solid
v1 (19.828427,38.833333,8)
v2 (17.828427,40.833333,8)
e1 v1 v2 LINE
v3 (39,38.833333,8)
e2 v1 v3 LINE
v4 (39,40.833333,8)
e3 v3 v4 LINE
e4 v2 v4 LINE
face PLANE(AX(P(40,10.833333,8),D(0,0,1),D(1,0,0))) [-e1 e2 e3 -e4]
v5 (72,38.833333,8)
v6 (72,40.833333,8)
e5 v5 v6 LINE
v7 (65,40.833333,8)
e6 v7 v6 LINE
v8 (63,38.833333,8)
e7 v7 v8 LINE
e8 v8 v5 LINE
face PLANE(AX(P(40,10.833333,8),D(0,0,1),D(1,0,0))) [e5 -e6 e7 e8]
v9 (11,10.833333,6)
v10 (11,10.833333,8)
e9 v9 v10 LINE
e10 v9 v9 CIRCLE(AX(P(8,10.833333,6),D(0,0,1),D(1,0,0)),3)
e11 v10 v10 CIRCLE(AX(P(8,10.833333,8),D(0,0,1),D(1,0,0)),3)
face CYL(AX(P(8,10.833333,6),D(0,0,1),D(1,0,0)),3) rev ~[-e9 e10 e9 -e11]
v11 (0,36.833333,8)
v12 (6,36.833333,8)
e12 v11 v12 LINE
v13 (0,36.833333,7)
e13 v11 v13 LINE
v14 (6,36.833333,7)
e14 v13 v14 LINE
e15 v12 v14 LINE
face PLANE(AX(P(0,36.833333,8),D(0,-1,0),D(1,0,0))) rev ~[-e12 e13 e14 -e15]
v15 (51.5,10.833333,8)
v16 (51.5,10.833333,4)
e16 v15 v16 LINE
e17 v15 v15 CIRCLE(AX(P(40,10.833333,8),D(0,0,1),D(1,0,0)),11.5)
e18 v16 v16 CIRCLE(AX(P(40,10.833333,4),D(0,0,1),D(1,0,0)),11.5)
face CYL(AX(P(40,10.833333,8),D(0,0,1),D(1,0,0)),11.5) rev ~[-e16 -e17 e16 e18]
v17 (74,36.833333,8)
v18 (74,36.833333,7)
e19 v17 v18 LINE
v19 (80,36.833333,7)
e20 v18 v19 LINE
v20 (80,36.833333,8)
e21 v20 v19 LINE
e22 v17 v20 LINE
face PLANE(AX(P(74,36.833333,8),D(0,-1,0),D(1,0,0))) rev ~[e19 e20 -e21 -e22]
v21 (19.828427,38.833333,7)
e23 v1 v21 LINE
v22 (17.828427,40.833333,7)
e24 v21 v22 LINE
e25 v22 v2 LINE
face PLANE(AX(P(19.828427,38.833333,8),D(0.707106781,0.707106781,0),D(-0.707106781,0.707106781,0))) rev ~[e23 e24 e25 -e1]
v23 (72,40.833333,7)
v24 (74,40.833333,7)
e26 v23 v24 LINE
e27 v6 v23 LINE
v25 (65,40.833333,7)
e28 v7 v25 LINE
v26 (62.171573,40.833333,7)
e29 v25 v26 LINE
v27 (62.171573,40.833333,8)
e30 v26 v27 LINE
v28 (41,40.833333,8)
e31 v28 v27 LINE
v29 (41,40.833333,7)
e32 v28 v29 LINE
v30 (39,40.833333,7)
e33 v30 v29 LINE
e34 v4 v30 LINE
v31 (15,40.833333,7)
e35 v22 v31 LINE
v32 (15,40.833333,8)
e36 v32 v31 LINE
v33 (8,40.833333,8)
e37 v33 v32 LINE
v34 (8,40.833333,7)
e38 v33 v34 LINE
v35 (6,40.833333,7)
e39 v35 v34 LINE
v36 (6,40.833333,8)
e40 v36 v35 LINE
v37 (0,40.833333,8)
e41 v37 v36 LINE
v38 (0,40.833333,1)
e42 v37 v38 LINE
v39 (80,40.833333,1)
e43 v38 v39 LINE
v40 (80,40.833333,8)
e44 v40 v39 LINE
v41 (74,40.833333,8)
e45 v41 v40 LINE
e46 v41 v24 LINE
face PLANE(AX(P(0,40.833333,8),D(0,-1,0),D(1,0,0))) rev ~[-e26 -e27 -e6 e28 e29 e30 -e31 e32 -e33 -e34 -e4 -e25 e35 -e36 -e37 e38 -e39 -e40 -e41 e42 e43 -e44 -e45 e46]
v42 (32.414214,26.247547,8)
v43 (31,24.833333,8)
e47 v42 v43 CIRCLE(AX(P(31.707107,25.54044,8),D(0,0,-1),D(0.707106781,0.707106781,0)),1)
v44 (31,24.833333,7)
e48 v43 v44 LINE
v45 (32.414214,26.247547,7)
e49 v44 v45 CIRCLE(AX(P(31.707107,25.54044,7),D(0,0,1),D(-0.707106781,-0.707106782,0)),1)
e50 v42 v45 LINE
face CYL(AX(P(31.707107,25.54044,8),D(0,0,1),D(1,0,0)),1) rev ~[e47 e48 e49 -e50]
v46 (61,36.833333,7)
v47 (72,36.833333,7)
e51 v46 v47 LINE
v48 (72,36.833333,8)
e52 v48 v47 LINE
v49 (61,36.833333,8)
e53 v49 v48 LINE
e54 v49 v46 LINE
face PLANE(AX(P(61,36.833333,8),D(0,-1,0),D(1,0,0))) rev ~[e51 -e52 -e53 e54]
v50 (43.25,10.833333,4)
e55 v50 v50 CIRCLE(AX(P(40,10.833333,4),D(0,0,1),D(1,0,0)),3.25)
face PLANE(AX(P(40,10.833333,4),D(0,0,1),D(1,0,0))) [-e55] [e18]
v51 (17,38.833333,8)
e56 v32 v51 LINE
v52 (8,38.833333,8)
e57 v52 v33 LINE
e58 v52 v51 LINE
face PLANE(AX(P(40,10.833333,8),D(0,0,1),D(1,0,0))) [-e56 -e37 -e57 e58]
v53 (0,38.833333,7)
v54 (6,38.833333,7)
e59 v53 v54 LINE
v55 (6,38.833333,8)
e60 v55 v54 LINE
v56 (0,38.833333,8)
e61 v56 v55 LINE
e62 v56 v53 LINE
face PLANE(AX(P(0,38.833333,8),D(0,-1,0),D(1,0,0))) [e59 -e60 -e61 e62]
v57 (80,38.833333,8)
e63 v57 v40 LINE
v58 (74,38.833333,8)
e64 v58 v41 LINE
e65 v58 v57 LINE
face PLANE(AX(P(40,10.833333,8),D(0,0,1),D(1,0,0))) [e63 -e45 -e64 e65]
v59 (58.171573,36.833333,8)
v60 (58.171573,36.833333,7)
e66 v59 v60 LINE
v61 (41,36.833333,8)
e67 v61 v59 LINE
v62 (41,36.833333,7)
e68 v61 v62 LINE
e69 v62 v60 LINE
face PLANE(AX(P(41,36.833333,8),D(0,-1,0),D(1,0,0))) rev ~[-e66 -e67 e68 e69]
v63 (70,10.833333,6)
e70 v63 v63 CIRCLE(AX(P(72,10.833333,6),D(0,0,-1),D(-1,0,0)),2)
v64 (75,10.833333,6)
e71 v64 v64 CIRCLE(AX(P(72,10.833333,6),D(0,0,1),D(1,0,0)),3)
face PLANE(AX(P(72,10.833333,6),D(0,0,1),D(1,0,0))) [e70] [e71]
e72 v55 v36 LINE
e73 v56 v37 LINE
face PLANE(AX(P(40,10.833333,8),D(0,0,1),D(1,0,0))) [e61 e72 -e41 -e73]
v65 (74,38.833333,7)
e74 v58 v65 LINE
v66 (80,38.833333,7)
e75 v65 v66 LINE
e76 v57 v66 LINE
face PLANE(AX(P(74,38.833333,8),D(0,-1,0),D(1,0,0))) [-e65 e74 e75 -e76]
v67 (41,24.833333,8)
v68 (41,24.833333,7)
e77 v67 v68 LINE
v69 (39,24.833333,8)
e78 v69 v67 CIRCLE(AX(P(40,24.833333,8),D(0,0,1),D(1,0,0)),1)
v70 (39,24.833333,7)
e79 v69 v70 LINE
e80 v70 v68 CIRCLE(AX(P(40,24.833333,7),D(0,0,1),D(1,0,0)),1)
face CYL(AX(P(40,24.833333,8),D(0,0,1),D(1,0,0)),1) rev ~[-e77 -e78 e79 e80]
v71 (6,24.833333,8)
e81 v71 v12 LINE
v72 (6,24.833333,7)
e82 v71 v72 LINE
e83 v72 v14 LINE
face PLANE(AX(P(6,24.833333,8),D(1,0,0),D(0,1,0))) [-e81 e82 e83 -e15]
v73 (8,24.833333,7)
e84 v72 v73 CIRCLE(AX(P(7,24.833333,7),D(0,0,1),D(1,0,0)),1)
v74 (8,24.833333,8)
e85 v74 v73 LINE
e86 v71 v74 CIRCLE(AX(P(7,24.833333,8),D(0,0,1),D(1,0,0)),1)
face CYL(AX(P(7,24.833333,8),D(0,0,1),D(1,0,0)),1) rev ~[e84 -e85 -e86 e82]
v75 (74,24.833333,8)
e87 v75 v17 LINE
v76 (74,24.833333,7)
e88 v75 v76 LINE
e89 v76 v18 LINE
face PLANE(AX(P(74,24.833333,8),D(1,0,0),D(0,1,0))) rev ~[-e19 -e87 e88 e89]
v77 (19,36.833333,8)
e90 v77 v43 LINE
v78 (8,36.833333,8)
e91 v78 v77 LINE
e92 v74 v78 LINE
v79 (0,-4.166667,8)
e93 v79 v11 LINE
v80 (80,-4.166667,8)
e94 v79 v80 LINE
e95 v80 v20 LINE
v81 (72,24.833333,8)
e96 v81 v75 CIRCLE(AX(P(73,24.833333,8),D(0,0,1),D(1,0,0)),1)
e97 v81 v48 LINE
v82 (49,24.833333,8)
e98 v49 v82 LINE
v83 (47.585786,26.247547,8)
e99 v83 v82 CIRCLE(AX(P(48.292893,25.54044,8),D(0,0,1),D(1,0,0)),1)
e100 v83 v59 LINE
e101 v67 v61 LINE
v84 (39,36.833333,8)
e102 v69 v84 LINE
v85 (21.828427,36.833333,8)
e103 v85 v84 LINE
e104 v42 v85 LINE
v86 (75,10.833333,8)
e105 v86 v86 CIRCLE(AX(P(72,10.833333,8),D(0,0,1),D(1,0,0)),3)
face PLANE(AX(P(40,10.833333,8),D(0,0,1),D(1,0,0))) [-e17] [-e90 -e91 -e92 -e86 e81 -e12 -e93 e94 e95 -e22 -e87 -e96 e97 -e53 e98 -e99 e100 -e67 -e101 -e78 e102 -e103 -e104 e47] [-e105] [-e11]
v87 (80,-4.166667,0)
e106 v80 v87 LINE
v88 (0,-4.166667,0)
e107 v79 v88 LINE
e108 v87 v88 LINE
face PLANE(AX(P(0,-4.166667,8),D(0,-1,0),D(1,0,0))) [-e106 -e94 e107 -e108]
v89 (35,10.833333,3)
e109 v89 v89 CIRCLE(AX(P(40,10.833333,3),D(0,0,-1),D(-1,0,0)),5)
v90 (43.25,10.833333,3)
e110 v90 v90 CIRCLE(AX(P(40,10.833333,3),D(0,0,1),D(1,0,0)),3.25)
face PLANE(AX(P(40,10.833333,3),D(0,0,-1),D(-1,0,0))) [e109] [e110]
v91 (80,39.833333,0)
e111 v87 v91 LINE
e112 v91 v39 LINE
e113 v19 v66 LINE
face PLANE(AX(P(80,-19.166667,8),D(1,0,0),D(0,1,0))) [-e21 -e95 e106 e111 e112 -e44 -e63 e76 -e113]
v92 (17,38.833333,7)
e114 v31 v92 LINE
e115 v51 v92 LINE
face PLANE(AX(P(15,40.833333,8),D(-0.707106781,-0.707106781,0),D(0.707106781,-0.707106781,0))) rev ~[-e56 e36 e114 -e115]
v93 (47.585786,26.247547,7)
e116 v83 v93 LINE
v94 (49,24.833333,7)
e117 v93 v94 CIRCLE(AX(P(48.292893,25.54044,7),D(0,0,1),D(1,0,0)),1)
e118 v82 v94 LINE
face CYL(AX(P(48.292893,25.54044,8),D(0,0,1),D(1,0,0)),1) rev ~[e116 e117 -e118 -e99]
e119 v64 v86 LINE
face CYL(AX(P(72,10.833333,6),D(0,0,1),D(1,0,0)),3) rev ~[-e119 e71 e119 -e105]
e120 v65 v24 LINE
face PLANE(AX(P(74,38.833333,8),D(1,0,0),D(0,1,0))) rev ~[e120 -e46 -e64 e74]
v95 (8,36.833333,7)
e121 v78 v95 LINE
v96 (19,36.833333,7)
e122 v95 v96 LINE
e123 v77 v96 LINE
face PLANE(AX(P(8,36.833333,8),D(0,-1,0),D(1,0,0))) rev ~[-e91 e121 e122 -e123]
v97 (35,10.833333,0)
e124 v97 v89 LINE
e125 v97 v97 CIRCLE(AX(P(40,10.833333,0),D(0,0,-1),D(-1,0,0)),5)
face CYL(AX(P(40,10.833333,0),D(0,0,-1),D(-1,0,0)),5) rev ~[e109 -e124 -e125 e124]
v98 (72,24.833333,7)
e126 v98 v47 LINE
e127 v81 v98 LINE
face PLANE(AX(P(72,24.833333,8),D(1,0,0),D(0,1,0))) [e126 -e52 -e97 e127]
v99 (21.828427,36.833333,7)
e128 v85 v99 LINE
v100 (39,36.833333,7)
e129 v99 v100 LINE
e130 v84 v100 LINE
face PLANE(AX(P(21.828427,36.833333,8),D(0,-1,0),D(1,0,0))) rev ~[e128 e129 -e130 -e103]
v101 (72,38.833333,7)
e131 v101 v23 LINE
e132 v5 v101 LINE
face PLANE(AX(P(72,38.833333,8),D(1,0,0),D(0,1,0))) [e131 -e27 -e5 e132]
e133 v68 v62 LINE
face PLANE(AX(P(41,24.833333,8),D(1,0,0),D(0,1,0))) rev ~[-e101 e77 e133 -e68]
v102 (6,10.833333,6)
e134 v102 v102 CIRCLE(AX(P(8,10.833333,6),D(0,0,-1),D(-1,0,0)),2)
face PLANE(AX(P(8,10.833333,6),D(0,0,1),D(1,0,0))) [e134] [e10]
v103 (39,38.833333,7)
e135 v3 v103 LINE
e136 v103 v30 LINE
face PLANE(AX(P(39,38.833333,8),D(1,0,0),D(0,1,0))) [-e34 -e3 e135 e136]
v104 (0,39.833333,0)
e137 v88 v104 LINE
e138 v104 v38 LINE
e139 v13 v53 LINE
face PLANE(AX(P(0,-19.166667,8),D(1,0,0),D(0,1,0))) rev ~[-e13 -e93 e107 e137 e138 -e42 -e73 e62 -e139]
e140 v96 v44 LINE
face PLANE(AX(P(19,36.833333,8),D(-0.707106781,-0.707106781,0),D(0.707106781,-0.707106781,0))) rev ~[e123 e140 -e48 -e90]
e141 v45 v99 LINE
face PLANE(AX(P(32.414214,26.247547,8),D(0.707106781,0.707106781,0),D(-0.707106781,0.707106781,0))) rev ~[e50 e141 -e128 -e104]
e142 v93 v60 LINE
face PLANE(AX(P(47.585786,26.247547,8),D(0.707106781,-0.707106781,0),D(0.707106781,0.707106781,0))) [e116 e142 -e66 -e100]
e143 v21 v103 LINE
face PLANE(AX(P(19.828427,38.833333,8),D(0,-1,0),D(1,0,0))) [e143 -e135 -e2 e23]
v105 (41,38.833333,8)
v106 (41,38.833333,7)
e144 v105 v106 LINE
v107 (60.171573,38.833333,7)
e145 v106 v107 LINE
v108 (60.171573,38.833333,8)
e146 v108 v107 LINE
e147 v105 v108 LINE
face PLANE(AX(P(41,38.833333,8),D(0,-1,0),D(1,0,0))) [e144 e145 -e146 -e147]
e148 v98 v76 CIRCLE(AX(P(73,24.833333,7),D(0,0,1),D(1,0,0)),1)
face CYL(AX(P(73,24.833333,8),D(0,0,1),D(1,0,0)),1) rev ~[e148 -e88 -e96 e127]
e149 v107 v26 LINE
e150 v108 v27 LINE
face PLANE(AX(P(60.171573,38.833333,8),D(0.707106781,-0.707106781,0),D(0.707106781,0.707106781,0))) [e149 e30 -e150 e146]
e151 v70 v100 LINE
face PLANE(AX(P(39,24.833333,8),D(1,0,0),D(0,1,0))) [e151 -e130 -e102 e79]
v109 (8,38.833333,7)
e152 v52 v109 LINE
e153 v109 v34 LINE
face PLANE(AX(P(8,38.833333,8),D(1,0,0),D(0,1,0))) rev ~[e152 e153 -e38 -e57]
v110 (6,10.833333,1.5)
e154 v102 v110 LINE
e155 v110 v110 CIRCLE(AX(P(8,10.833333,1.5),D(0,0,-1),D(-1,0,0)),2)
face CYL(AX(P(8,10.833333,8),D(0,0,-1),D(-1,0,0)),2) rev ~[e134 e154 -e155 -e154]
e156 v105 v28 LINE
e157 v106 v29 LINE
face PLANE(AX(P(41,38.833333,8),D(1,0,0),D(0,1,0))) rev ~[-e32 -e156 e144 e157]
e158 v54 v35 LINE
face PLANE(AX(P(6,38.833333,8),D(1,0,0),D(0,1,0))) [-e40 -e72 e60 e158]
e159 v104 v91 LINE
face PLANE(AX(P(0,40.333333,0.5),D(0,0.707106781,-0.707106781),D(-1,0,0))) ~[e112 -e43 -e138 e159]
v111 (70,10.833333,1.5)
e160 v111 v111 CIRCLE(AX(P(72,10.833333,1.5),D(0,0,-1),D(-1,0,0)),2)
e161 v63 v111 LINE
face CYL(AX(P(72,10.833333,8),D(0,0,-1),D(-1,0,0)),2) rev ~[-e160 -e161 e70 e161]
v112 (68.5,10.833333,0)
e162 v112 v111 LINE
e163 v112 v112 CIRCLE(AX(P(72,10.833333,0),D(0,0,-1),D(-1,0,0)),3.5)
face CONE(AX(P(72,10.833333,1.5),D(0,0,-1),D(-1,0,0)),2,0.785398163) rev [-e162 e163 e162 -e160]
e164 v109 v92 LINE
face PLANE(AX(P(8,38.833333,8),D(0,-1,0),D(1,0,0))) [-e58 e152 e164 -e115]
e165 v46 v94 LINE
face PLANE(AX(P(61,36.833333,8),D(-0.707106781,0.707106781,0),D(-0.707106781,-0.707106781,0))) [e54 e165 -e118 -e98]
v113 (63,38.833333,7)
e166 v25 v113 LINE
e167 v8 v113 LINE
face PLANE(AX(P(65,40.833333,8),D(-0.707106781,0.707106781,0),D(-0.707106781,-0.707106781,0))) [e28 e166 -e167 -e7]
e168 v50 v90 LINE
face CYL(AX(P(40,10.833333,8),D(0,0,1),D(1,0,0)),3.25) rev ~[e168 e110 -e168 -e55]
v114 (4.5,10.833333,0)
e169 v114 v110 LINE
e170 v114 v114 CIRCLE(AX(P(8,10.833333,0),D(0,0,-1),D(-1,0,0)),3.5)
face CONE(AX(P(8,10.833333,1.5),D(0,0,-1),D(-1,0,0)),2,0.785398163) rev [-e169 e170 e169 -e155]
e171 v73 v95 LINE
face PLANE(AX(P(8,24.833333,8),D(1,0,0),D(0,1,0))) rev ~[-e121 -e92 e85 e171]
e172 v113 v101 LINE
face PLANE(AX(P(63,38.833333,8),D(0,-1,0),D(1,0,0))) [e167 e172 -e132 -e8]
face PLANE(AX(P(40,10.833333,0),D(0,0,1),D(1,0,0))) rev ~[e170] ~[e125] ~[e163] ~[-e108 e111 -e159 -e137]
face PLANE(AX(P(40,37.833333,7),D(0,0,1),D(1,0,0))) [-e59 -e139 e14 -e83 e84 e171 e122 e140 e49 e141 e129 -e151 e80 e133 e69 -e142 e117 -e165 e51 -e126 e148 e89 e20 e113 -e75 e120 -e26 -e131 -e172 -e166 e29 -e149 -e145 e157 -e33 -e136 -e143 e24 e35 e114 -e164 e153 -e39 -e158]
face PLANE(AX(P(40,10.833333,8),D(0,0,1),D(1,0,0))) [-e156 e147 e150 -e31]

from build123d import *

# Parameters (mm, degrees)
SKETCH_1_W                     = 80
SKETCH_1_H                     = 60
EXTRUDE_1_DEPTH                = 8
HOLE_WIZARD_M3_5_1_D           = 4
HOLE_WIZARD_M3_5_1_CBORE_D     = 6
HOLE_WIZARD_M3_5_1_CBORE_DEPTH = 2
SKETCH_14_W                    = 80
SKETCH_14_H                    = 2
SKETCH_14_W_2                  = 2
SKETCH_14_H_2                  = 16
CUT_EXTRUDE_1_DEPTH            = 1
CUT_EXTRUDE_2_REACH            = 92.174
SKETCH_15_R                    = 3.25
SKETCH_17_R                    = 11.5
CUT_EXTRUDE_4_DEPTH            = 4
SKETCH_18_R                    = 5
CUT_EXTRUDE_5_DEPTH            = 3
CHAMFER_1_SIZE                 = 1.499999999
CHAMFER_1_SIZE2                = 1.500000001
CHAMFER_2_SIZE                 = 1
SKETCH_20_W                    = 80
SKETCH_20_H                    = 6
CUT_EXTRUDE_6_DEPTH            = 1
SKETCH_21_W                    = 80
SKETCH_21_H                    = 4
CUT_EXTRUDE_7_DEPTH            = 1
SKETCH_22_W                    = 80
SKETCH_22_H                    = 2
CUT_EXTRUDE_8_DEPTH            = 1
SKETCH_23_R                    = 1
CUT_EXTRUDE_9_DEPTH            = 1
CUT_EXTRUDE_10_REACH           = 92.174
SKETCH_24_W                    = 80
SKETCH_24_H                    = 15


with BuildPart() as part:
    # 草图1 → 凸台-拉伸1 (new body)
    with BuildSketch(Plane.XY.offset(8)):
        with Locations((40, 10.833333333)):
            Rectangle(SKETCH_1_W, SKETCH_1_H)
    extrude(amount=-EXTRUDE_1_DEPTH)

    # M3.5 六角头机械螺钉的柱形沉头孔1 (through all)
    with Locations(Plane.XY.offset(8)):
        with Locations((8, 10.833333333), (72, 10.833333333)):
            CounterBoreHole(HOLE_WIZARD_M3_5_1_D / 2, HOLE_WIZARD_M3_5_1_CBORE_D / 2, HOLE_WIZARD_M3_5_1_CBORE_DEPTH)

    # 草图14 → 切除-拉伸1 (cut)
    with BuildSketch(Plane.XY.offset(8)):
        with Locations((40, 37.833333333)):
            Rectangle(SKETCH_14_W, SKETCH_14_H)
        Polygon((15, 40.833333333), (31, 24.833333333), (32.414213562, 26.247546896), (16.414213562, 42.247546896), align=None)
        with Locations((7, 32.833333333)):
            Rectangle(SKETCH_14_W_2, SKETCH_14_H_2)
        with Locations((40, 32.833333333)):
            Rectangle(SKETCH_14_W_2, SKETCH_14_H_2)
        with Locations((73, 32.833333333)):
            Rectangle(SKETCH_14_W_2, SKETCH_14_H_2)
        Polygon((47.585786438, 26.247546896), (63.585786438, 42.247546896), (65, 40.833333333), (49, 24.833333333), align=None)
    extrude(amount=-CUT_EXTRUDE_1_DEPTH, mode=Mode.SUBTRACT)

    # 草图15 → 切除-拉伸2 (cut, up to next)
    with BuildSketch(Plane.XY.offset(8), mode=Mode.PRIVATE) as cut_extrude_2_sk1:
        with Locations((40, 10.833333333)):
            Circle(SKETCH_15_R)
    cut_extrude_2_tool1 = extrude(cut_extrude_2_sk1.sketch, amount=-CUT_EXTRUDE_2_REACH, mode=Mode.PRIVATE) & part.part
    add(cut_extrude_2_tool1.solids().sort_by_distance((40, 10.833333, 8))[0], mode=Mode.SUBTRACT)

    # 草图17 → 切除-拉伸4 (cut)
    with BuildSketch(Plane.XY.offset(8)):
        with Locations((40, 10.833333333)):
            Circle(SKETCH_17_R)
    extrude(amount=-CUT_EXTRUDE_4_DEPTH, mode=Mode.SUBTRACT)

    # 草图18 → 切除-拉伸5 (cut)
    with BuildSketch(Plane(origin=(0, 0, 0), x_dir=(-1, 0, 0), z_dir=(0, 0, -1))):
        with Locations((-40, 10.833333333)):
            Circle(SKETCH_18_R)
    extrude(amount=-CUT_EXTRUDE_5_DEPTH, mode=Mode.SUBTRACT)

    # 倒角1
    chamfer_1_edges = [part.edges().sort_by_distance(p)[0] for p in [
        (74, 10.833333333, 0),
        (10, 10.833333333, 0),
    ]]
    chamfer_1_side = [part.faces().sort_by_distance(p)[0] for p in [
        (79, 10.833333333, 0),
    ]]
    chamfer(chamfer_1_edges, length=CHAMFER_1_SIZE, length2=CHAMFER_1_SIZE2, reference=chamfer_1_side[0])

    # 倒角2
    chamfer_2_edges = [part.edges().sort_by_distance(p)[0] for p in [
        (40, 40.833333333, 0),
    ]]
    chamfer(chamfer_2_edges, length=CHAMFER_2_SIZE)

    # 草图20 → 切除-拉伸6 (cut)
    with BuildSketch(Plane.XY.offset(8)):
        with Locations((40, -16.166666667)):
            Rectangle(SKETCH_20_W, SKETCH_20_H)
    extrude(amount=-CUT_EXTRUDE_6_DEPTH, mode=Mode.SUBTRACT)

    # 草图21 → 切除-拉伸7 (cut)
    with BuildSketch(Plane.XY.offset(7)):
        with Locations((40, -17.166666667)):
            Rectangle(SKETCH_21_W, SKETCH_21_H)
    extrude(amount=-CUT_EXTRUDE_7_DEPTH, mode=Mode.SUBTRACT)

    # 草图22 → 切除-拉伸8 (cut)
    with BuildSketch(Plane.XY.offset(6)):
        with Locations((40, -18.166666667)):
            Rectangle(SKETCH_22_W, SKETCH_22_H)
    extrude(amount=-CUT_EXTRUDE_8_DEPTH, mode=Mode.SUBTRACT)

    # 草图23 → 切除-拉伸9 (cut)
    with BuildSketch(Plane.XY.offset(8)):
        with Locations((7, 24.833333333)):
            Circle(SKETCH_23_R)
        with Locations((31.707106781, 25.540440115)):
            Circle(SKETCH_23_R)
        with Locations((40, 24.833333333)):
            Circle(SKETCH_23_R)
        with Locations((48.292893219, 25.540440115)):
            Circle(SKETCH_23_R)
        with Locations((73, 24.833333333)):
            Circle(SKETCH_23_R)
    extrude(amount=-CUT_EXTRUDE_9_DEPTH, mode=Mode.SUBTRACT)

    # 草图24 → 切除-拉伸10 (cut, up to next)
    with BuildSketch(Plane.XY.offset(8), mode=Mode.PRIVATE) as cut_extrude_10_sk1:
        with Locations((40, -11.666666667)):
            Rectangle(SKETCH_24_W, SKETCH_24_H)
    cut_extrude_10_tool1 = extrude(cut_extrude_10_sk1.sketch, amount=-CUT_EXTRUDE_10_REACH, mode=Mode.PRIVATE) & part.part
    add(cut_extrude_10_tool1.solids().sort_by_distance((40, -11.666667, 8))[0], mode=Mode.SUBTRACT)


solid = part.part
